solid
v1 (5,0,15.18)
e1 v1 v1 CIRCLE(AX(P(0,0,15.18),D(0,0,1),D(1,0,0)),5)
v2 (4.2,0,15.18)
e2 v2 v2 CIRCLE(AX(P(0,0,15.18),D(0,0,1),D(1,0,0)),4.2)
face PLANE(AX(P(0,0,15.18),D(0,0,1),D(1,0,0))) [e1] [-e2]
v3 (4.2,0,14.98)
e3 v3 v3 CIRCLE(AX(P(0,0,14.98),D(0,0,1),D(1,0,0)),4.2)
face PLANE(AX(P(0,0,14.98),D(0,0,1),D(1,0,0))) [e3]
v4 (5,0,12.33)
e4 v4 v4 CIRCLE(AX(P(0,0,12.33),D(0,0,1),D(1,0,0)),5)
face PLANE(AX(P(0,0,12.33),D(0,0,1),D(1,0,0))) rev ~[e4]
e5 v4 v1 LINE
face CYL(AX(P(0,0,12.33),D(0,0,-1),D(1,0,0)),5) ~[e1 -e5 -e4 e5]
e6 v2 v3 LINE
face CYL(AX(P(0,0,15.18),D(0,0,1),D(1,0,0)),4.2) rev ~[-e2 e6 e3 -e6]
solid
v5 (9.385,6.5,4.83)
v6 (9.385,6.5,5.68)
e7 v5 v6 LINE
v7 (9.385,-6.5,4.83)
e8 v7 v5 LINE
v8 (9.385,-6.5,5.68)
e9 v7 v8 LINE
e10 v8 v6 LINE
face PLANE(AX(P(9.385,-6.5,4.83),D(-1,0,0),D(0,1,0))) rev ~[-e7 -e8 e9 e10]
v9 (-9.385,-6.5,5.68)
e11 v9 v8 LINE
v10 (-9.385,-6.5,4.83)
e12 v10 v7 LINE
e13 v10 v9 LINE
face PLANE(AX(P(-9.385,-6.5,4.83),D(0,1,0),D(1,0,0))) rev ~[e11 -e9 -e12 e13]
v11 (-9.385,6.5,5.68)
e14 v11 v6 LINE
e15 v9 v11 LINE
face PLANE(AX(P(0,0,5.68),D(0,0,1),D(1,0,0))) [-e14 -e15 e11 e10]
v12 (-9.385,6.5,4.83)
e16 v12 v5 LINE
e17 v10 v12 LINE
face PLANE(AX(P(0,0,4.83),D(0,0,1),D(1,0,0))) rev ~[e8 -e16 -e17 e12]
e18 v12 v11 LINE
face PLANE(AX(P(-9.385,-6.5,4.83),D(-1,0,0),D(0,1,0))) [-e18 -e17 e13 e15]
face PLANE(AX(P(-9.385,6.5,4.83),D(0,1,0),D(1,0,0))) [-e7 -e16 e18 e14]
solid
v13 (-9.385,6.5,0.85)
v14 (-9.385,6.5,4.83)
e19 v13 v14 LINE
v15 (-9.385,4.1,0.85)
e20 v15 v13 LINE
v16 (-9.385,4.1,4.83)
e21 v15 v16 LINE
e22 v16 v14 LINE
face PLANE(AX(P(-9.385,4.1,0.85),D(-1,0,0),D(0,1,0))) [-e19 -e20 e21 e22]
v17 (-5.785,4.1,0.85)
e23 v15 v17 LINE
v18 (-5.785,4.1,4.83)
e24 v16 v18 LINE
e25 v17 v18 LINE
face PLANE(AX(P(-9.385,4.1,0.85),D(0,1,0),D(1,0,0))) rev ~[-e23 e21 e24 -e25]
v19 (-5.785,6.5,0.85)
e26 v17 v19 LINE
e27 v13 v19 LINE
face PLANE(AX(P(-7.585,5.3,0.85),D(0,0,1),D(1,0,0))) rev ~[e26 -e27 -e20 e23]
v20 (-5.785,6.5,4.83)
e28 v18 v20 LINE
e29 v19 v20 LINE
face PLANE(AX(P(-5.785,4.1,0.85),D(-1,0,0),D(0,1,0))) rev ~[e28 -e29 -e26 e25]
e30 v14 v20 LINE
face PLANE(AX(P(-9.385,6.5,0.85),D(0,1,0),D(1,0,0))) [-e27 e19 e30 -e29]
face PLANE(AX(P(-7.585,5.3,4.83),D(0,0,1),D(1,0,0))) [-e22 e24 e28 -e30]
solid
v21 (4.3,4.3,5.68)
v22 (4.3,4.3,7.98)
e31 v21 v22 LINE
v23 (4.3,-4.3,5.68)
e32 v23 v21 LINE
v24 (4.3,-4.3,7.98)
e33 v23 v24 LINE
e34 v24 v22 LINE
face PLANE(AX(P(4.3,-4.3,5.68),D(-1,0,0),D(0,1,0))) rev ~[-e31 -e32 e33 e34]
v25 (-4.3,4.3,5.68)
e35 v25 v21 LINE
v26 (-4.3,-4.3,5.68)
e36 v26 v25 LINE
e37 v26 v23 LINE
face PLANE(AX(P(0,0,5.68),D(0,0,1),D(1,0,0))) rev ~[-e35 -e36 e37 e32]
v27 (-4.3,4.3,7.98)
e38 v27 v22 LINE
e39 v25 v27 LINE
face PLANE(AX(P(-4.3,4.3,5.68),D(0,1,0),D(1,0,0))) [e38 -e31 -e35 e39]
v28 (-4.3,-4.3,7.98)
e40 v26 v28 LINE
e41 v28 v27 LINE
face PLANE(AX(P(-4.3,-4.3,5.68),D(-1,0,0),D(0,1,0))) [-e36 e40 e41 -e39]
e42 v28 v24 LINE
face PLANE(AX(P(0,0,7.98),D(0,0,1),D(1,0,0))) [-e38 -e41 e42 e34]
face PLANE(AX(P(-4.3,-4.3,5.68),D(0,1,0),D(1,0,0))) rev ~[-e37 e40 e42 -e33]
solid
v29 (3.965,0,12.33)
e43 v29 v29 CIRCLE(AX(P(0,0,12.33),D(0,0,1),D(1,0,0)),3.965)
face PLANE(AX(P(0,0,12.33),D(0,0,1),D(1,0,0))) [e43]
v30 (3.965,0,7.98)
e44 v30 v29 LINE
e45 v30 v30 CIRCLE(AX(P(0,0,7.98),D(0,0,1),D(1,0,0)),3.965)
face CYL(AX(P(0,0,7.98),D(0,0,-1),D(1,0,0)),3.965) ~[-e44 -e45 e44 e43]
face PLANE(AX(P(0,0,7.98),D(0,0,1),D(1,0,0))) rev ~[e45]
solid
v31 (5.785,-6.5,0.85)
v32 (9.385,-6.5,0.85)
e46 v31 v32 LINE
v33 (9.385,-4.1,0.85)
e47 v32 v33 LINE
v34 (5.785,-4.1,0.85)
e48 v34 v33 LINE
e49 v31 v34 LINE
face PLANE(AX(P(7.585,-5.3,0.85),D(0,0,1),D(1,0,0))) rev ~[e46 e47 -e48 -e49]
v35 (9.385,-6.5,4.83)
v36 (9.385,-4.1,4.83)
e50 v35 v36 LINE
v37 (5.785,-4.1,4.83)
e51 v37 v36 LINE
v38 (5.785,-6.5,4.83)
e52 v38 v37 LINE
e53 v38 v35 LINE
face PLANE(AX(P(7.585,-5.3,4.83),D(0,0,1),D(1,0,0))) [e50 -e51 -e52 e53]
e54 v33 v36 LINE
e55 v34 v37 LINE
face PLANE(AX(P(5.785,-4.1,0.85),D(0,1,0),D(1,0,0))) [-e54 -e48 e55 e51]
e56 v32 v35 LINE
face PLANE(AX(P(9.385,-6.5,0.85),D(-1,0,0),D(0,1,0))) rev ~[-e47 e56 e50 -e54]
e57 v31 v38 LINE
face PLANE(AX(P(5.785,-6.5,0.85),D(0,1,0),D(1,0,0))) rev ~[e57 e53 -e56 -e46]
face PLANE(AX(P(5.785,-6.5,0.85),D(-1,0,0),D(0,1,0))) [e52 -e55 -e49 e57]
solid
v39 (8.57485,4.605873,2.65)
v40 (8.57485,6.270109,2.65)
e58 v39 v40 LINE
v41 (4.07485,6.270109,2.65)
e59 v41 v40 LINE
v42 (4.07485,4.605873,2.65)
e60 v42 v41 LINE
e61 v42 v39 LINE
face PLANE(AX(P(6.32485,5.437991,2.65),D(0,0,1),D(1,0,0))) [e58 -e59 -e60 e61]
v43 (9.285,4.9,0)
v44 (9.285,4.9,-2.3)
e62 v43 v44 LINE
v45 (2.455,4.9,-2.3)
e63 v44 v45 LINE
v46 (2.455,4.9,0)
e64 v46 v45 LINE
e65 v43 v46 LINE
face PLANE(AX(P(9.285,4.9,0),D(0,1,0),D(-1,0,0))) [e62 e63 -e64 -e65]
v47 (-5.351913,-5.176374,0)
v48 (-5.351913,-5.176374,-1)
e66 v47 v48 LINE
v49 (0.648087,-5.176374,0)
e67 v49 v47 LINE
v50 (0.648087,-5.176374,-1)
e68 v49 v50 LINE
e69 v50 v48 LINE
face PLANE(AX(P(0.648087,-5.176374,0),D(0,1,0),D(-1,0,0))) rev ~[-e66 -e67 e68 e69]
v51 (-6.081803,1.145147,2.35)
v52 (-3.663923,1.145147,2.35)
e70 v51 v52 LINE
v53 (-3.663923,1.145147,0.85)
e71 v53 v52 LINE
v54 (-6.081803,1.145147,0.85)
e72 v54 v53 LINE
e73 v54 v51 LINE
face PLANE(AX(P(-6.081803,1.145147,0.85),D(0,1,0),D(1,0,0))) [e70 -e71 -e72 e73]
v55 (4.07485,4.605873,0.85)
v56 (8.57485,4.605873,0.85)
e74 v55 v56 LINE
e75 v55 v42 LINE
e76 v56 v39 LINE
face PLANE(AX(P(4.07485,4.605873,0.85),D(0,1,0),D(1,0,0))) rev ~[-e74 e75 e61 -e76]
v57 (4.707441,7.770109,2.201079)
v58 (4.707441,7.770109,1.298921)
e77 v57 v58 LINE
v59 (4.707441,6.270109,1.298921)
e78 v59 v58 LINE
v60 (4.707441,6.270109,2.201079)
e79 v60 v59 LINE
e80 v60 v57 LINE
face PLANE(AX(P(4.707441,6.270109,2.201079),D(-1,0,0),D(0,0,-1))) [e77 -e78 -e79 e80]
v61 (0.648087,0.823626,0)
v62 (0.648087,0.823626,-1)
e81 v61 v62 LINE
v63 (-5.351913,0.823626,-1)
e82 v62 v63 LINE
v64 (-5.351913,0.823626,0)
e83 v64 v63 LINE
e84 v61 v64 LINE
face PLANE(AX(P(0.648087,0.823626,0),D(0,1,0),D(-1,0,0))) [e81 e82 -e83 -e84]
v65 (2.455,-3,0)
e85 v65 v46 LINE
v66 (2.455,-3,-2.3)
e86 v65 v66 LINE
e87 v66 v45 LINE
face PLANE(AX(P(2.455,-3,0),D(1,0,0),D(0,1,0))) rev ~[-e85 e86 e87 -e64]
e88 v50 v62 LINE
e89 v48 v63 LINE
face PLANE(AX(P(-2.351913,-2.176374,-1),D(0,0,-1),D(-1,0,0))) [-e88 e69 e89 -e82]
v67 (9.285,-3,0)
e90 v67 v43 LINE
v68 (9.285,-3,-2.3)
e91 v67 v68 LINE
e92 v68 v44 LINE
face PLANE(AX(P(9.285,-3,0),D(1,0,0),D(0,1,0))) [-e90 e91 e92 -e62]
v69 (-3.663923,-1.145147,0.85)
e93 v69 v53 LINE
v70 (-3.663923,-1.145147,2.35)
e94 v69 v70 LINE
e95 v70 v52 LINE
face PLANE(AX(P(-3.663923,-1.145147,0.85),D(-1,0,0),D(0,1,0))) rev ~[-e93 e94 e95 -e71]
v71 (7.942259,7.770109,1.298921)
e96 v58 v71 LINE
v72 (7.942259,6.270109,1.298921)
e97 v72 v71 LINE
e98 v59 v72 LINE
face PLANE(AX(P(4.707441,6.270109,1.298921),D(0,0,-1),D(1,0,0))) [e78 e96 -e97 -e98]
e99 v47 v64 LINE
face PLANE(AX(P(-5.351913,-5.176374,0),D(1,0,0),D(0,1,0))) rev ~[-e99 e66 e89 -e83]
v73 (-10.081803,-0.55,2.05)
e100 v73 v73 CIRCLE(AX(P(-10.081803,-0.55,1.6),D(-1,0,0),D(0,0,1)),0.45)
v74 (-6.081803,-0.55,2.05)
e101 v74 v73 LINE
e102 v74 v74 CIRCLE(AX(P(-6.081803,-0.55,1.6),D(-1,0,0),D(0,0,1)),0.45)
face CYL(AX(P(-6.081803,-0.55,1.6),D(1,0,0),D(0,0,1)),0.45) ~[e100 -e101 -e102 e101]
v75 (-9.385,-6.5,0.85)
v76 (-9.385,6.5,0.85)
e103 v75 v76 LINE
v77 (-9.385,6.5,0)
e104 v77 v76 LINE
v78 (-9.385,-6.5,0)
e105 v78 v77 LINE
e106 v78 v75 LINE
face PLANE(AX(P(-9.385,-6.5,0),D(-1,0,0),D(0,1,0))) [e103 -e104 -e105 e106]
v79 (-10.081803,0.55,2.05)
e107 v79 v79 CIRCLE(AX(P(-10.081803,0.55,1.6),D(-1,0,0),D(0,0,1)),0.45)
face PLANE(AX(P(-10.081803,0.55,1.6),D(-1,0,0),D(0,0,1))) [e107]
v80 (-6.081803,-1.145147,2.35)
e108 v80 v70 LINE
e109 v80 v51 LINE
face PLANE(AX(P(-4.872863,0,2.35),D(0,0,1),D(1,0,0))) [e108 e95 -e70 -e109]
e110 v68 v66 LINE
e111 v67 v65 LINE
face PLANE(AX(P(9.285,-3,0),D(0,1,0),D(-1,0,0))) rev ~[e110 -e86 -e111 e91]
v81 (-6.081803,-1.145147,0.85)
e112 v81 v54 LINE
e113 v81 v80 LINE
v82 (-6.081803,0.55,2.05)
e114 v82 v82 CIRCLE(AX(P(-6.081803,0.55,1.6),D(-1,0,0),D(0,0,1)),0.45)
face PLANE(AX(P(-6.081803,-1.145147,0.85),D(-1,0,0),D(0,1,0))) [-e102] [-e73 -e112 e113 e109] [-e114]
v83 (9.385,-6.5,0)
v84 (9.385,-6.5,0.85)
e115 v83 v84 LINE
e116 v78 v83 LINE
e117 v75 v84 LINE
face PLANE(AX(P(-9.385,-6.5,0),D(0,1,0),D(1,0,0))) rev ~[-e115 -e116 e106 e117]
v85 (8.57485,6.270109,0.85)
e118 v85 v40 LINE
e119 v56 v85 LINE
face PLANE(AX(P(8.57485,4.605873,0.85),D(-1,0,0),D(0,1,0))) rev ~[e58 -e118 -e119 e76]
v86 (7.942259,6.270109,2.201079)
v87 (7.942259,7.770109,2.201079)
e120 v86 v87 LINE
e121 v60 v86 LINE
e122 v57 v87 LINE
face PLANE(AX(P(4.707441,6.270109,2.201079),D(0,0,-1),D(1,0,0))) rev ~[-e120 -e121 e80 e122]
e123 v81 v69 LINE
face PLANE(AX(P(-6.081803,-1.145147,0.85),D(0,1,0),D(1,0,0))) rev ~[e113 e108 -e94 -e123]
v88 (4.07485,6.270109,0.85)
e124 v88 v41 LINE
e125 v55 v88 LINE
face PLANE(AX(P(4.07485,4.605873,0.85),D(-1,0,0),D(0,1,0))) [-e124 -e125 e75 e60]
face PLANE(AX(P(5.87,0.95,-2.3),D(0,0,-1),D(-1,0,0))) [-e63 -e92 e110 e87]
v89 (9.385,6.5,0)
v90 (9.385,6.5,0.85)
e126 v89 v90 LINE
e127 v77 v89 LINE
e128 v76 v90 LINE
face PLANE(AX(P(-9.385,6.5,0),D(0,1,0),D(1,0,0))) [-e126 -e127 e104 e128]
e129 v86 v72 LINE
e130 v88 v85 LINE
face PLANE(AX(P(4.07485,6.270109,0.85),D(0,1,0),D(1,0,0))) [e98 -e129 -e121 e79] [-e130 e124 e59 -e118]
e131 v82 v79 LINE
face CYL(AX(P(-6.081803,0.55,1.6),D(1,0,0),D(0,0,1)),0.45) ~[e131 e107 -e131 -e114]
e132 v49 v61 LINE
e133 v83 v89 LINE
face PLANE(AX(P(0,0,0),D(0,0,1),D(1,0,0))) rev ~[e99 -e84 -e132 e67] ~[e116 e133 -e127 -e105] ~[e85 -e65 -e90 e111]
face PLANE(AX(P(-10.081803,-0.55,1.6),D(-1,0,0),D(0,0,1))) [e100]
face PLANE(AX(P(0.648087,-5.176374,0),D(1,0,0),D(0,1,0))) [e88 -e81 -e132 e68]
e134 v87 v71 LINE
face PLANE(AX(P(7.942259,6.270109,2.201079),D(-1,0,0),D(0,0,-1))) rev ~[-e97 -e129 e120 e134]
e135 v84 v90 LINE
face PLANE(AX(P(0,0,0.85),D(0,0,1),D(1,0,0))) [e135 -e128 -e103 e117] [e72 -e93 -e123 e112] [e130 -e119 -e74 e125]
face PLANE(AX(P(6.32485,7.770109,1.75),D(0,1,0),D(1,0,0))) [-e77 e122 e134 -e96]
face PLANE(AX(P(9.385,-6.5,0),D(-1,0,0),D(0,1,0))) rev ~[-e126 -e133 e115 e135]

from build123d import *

# Parameters (mm, degrees)
SKETCH1_W             = 18.77
SKETCH1_H             = 13
BOSS_EXTRUDE1_DEPTH   = 0.85
SKETCH2_W             = 3.6
SKETCH2_H             = 2.4
BOSS_EXTRUDE2_DEPTH   = 3.98
BOSS_EXTRUDE2_2_DEPTH = 3.98
SKETCH3_W             = 18.77
SKETCH3_H             = 13
BOSS_EXTRUDE3_DEPTH   = 0.85
SKETCH4_W             = 8.6
SKETCH4_H             = 8.6
BOSS_EXTRUDE4_DEPTH   = 2.3
SKETCH5_R             = 3.965
BOSS_EXTRUDE5_DEPTH   = 4.35
SKETCH6_R             = 5
BOSS_EXTRUDE6_DEPTH   = 2.85
SKETCH7_R             = 4.2
CUT_EXTRUDE1_DEPTH    = 0.2
SKETCH8_W             = 6.83
SKETCH8_H             = 7.9
BOSS_EXTRUDE7_DEPTH   = 2.3
SKETCH9_W             = 6
SKETCH9_H             = 6
BOSS_EXTRUDE8_DEPTH   = 1
SKETCH10_W            = 4.5
SKETCH10_H            = 1.66423566
BOSS_EXTRUDE9_DEPTH   = 1.8
SKETCH11_W            = 3.234818436
SKETCH11_H            = 0.902158146
BOSS_EXTRUDE10_DEPTH  = 1.5
SKETCH12_W            = 2.417880197
SKETCH12_H            = 2.29029457
BOSS_EXTRUDE11_DEPTH  = 1.5
SKETCH13_R            = 0.45
BOSS_EXTRUDE13_DEPTH  = 4


with BuildPart() as part:
    # Sketch1 → Boss-Extrude1 (new body)
    with BuildSketch(Plane.XY):
        Rectangle(SKETCH1_W, SKETCH1_H)
    extrude(amount=BOSS_EXTRUDE1_DEPTH)

    # Sketch8 → Boss-Extrude7 (add)
    with BuildSketch(Plane(origin=(0, 0, 0), x_dir=(-1, 0, 0), z_dir=(0, 0, -1))):
        with Locations((-5.87, 0.95)):
            Rectangle(SKETCH8_W, SKETCH8_H)
    extrude(amount=BOSS_EXTRUDE7_DEPTH)

    # Sketch9 → Boss-Extrude8 (add)
    with BuildSketch(Plane(origin=(0, 0, 0), x_dir=(-1, 0, 0), z_dir=(0, 0, -1))):
        with Locations((2.351912758, -2.176373759)):
            Rectangle(SKETCH9_W, SKETCH9_H)
    extrude(amount=BOSS_EXTRUDE8_DEPTH)

    # Sketch10 → Boss-Extrude9 (add)
    with BuildSketch(Plane.XY.offset(0.85)):
        with Locations((6.324850122, 5.437990757)):
            Rectangle(SKETCH10_W, SKETCH10_H)
    extrude(amount=BOSS_EXTRUDE9_DEPTH)

    # Sketch11 → Boss-Extrude10 (add)
    with BuildSketch(Plane(origin=(0, 6.270108587, 0), x_dir=(1, 0, 0), z_dir=(0, 1, 0))):
        with Locations((6.324850122, -1.75)):
            Rectangle(SKETCH11_W, SKETCH11_H)
    extrude(amount=BOSS_EXTRUDE10_DEPTH)

    # Sketch12 → Boss-Extrude11 (add)
    with BuildSketch(Plane.XY.offset(0.85)):
        with Locations((-4.872863027, 0)):
            Rectangle(SKETCH12_W, SKETCH12_H)
    extrude(amount=BOSS_EXTRUDE11_DEPTH)

    # Sketch13 → Boss-Extrude13 (add)
    with BuildSketch(Plane.ZY.offset(6.081803125)):
        with Locations((1.6, 0.55)):
            Circle(SKETCH13_R)
        with Locations((1.6, -0.55)):
            Circle(SKETCH13_R)
    extrude(amount=BOSS_EXTRUDE13_DEPTH)


with BuildPart() as body_2:
    # Sketch2 → Boss-Extrude2 (new body)
    with BuildSketch(Plane.XY.offset(0.85)):
        with Locations((7.585, -5.3)):
            Rectangle(SKETCH2_W, SKETCH2_H)
    extrude(amount=BOSS_EXTRUDE2_DEPTH)


with BuildPart() as body_3:
    # Sketch2 → Boss-Extrude2 2 (new body)
    with BuildSketch(Plane.XY.offset(0.85)):
        with Locations((-7.585, 5.3)):
            Rectangle(SKETCH2_W, SKETCH2_H)
    extrude(amount=BOSS_EXTRUDE2_2_DEPTH)


with BuildPart() as body_4:
    # Sketch3 → Boss-Extrude3 (new body)
    with BuildSketch(Plane.XY.offset(4.83)):
        Rectangle(SKETCH3_W, SKETCH3_H)
    extrude(amount=BOSS_EXTRUDE3_DEPTH)


with BuildPart() as body_5:
    # Sketch4 → Boss-Extrude4 (new body)
    with BuildSketch(Plane.XY.offset(5.68)):
        Rectangle(SKETCH4_W, SKETCH4_H)
    extrude(amount=BOSS_EXTRUDE4_DEPTH)


with BuildPart() as body_6:
    # Sketch5 → Boss-Extrude5 (new body)
    with BuildSketch(Plane.XY.offset(7.98)):
        Circle(SKETCH5_R)
    extrude(amount=BOSS_EXTRUDE5_DEPTH)


with BuildPart() as body_7:
    # Sketch6 → Boss-Extrude6 (new body)
    with BuildSketch(Plane.XY.offset(12.33)):
        Circle(SKETCH6_R)
    extrude(amount=BOSS_EXTRUDE6_DEPTH)

    # Sketch7 → Cut-Extrude1 (cut)
    with BuildSketch(Plane.XY.offset(15.18)):
        Circle(SKETCH7_R)
    extrude(amount=-CUT_EXTRUDE1_DEPTH, mode=Mode.SUBTRACT)


solid = Compound([part.part, body_2.part, body_3.part, body_4.part, body_5.part, body_6.part, body_7.part])
